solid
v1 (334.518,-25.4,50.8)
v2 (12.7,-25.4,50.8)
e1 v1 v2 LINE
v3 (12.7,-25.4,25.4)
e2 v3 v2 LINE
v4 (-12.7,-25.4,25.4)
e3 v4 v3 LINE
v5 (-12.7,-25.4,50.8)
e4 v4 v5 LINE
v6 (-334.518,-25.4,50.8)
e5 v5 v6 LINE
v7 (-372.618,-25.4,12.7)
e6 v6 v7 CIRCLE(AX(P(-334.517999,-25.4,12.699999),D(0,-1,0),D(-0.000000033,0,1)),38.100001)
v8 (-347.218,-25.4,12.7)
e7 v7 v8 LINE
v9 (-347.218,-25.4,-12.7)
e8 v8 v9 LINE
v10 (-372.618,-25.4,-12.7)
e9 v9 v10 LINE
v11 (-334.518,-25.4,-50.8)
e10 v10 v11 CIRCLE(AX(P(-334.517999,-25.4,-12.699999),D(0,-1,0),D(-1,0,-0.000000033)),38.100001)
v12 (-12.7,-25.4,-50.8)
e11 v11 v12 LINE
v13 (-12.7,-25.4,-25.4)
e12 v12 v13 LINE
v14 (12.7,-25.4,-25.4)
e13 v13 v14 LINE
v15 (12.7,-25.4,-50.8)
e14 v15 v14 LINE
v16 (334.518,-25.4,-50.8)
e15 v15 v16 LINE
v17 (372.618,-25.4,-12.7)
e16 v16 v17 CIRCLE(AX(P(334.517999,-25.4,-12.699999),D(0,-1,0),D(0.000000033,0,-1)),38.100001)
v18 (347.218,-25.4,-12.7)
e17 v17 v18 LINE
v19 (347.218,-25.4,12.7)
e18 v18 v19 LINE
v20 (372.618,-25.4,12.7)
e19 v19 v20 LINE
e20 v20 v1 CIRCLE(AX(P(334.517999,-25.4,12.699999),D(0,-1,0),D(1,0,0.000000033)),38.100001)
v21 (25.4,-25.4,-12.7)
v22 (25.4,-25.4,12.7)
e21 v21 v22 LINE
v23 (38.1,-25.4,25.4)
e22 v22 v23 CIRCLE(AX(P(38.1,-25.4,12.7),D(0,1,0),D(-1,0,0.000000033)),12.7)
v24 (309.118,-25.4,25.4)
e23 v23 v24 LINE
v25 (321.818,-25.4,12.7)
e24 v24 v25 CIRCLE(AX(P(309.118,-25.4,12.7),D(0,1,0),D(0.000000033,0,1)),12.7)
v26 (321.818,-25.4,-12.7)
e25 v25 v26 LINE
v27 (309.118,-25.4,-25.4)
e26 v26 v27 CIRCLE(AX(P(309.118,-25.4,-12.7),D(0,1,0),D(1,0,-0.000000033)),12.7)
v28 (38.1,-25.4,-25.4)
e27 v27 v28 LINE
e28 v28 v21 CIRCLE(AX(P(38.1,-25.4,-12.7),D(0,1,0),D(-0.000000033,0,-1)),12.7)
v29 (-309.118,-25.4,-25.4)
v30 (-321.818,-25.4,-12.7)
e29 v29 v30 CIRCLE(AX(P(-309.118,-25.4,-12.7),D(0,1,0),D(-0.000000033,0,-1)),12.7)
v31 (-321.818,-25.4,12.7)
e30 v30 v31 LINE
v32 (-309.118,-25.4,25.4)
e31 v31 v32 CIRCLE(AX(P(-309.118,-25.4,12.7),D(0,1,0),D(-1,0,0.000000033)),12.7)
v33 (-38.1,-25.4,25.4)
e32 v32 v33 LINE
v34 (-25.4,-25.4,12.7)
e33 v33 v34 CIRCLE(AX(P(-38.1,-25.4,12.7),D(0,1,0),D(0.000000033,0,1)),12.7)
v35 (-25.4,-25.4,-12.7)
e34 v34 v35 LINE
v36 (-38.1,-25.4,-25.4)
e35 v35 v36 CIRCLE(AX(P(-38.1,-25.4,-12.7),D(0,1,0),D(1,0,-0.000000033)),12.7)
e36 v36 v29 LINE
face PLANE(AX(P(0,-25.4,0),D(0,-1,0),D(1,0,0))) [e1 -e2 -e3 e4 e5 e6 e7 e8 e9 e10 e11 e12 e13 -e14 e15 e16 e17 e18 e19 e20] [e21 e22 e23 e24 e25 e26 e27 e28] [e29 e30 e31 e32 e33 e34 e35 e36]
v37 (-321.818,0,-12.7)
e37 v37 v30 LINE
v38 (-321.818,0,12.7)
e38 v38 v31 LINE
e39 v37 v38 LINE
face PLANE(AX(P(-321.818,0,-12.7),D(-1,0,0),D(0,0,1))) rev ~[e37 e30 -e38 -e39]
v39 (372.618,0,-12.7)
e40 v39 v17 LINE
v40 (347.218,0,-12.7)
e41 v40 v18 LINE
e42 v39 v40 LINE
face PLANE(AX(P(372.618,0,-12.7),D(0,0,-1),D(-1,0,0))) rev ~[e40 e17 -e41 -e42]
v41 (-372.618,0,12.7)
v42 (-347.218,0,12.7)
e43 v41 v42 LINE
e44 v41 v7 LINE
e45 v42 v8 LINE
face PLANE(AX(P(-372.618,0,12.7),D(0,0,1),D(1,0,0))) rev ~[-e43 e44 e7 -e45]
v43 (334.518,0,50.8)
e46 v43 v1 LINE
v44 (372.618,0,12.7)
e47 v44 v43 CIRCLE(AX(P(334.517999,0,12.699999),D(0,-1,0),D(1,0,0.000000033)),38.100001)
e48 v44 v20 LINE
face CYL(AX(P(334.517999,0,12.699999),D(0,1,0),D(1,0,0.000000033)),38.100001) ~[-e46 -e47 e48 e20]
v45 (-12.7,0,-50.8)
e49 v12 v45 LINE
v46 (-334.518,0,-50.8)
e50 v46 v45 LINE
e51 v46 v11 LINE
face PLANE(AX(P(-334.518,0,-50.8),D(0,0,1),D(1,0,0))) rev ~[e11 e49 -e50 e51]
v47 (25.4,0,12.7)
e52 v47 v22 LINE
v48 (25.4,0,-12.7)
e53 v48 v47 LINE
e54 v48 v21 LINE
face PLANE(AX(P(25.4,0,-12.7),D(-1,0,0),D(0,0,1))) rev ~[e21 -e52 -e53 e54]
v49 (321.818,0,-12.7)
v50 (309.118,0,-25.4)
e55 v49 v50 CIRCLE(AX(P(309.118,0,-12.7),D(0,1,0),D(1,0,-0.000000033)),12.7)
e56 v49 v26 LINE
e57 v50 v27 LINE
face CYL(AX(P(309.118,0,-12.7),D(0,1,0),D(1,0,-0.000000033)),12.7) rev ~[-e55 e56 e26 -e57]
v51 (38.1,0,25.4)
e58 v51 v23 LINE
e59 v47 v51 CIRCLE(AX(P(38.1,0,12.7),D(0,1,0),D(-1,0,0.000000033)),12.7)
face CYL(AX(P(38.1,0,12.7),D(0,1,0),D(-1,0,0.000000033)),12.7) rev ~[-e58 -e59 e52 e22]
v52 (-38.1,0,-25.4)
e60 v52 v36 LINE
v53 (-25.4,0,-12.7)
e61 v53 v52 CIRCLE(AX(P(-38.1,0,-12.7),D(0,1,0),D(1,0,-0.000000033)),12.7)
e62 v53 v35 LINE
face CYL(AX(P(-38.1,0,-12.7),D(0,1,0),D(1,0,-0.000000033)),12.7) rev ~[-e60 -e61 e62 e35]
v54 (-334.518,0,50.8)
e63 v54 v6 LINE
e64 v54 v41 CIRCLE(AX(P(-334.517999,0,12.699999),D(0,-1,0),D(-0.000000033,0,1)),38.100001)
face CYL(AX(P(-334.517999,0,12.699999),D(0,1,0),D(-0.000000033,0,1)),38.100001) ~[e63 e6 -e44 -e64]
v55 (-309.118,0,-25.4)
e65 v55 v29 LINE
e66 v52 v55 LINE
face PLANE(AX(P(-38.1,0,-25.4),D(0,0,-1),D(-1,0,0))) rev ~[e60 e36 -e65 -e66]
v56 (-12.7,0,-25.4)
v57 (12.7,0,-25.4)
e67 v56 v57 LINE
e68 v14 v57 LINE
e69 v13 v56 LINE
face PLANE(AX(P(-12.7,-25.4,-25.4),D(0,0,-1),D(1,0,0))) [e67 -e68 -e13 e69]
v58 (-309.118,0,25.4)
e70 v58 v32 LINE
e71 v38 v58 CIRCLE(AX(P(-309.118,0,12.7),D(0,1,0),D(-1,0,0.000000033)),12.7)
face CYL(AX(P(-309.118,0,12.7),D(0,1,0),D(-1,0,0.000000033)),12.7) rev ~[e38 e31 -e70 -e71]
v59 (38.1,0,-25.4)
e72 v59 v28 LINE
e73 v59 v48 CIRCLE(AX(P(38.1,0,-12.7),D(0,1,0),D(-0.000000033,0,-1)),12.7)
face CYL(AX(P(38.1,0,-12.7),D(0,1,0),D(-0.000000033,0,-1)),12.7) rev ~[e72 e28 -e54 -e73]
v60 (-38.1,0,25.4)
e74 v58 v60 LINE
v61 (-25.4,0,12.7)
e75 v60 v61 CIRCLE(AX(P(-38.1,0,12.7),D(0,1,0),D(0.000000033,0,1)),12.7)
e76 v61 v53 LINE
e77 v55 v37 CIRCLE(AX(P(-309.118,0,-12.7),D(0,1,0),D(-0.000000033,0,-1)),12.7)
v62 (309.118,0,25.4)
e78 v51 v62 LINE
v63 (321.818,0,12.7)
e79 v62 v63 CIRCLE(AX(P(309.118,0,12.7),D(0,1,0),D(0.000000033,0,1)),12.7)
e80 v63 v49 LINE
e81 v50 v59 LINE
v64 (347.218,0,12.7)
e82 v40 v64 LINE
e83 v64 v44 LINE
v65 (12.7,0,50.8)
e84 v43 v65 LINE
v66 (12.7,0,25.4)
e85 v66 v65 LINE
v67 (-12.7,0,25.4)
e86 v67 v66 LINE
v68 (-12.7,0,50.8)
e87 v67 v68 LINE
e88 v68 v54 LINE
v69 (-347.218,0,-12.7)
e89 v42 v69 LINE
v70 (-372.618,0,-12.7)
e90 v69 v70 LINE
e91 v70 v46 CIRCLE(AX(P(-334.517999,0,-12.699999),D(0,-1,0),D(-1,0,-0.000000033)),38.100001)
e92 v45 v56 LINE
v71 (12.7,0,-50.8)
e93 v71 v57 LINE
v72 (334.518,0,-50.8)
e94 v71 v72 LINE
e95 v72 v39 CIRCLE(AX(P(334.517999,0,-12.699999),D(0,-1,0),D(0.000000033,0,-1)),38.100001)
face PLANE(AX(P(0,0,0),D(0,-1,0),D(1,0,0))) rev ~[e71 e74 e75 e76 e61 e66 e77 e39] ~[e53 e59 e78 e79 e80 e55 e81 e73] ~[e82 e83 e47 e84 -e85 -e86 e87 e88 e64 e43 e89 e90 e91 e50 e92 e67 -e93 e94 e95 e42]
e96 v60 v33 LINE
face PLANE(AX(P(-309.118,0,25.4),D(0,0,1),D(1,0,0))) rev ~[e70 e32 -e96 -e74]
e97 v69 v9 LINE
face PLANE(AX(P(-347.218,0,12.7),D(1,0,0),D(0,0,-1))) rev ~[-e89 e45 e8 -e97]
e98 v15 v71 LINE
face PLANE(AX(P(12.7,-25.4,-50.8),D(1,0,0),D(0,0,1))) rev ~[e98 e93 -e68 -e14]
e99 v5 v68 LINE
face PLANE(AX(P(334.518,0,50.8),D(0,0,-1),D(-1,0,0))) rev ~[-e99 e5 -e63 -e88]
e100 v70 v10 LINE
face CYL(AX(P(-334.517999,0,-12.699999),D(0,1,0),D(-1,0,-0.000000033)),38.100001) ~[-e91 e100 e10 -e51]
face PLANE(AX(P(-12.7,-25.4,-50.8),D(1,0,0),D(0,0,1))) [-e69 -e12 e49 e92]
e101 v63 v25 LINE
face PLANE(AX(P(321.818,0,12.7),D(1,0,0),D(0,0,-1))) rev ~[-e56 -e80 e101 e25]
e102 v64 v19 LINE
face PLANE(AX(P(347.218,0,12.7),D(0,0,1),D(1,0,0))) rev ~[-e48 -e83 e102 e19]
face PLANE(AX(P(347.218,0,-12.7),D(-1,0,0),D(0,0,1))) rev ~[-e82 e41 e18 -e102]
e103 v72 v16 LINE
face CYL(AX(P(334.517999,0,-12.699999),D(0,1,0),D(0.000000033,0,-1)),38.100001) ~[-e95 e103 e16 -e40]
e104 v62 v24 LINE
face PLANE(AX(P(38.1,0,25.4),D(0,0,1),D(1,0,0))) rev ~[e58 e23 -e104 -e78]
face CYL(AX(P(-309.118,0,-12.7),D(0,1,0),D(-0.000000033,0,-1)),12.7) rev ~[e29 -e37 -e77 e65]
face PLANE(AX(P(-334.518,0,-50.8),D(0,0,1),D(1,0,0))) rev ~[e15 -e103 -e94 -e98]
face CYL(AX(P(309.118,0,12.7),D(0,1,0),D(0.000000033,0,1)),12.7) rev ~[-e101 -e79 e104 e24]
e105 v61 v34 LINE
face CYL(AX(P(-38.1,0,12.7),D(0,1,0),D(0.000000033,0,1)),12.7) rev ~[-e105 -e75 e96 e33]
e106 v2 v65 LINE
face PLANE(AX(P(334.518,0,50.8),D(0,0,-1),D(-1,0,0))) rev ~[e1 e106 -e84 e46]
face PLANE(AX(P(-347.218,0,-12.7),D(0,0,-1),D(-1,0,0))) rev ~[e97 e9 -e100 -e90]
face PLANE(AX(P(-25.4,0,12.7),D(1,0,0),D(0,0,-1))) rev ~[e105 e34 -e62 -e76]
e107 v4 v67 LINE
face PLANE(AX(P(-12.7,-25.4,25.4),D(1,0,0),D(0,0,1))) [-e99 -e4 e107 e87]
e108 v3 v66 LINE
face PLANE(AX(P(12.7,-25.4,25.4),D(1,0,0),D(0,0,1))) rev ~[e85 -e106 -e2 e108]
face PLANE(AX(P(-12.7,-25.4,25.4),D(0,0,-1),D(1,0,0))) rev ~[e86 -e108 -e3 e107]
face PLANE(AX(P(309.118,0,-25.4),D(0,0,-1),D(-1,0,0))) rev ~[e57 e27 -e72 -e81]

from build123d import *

# Parameters (mm, degrees)
F1_DEPTH = 25.4
F2_W     = 25.4
F2_H     = 25.4
F3_DEPTH = 25.4


with BuildPart() as f1:
    # F0 (on Front) → F1 (new body)
    with BuildSketch(Plane.XZ):
        with BuildLine():
            Line((-372.618, 12.7), (-347.218, 12.7))
            Line((-347.218, 12.7), (-347.218, -12.7))
            Line((-347.218, -12.7), (-372.618, -12.7))
            ThreePointArc((-372.618, -12.7), (-361.458768, -39.640768), (-334.518, -50.8))
            Line((-334.518, -50.8), (0, -50.8))
            Line((0, -50.8), (334.518, -50.8))
            ThreePointArc((334.518, -50.8), (361.458768, -39.640768), (372.618, -12.7))
            Line((372.618, -12.7), (347.218, -12.7))
            Line((347.218, -12.7), (347.218, 12.7))
            Line((347.218, 12.7), (372.618, 12.7))
            ThreePointArc((372.618, 12.7), (361.458768, 39.640768), (334.518, 50.8))
            Line((334.518, 50.8), (0, 50.8))
            Line((0, 50.8), (-334.518, 50.8))
            ThreePointArc((-334.518, 50.8), (-361.458768, 39.640768), (-372.618, 12.7))
        make_face()
        with BuildLine():
            Line((-38.1, -25.4), (-309.118, -25.4))
            ThreePointArc((-309.118, -25.4), (-318.098256, -21.680256), (-321.818, -12.7))
            Line((-321.818, -12.7), (-321.818, 12.7))
            ThreePointArc((-321.818, 12.7), (-318.098256, 21.680256), (-309.118, 25.4))
            Line((-309.118, 25.4), (-38.1, 25.4))
            ThreePointArc((-38.1, 25.4), (-29.119744, 21.680256), (-25.4, 12.7))
            Line((-25.4, 12.7), (-25.4, -12.7))
            ThreePointArc((-25.4, -12.7), (-29.119744, -21.680256), (-38.1, -25.4))
        make_face(mode=Mode.SUBTRACT)
        with BuildLine():
            Line((321.818, 12.7), (321.818, -12.7))
            ThreePointArc((321.818, -12.7), (318.098256, -21.680256), (309.118, -25.4))
            Line((309.118, -25.4), (38.1, -25.4))
            ThreePointArc((38.1, -25.4), (29.119744, -21.680256), (25.4, -12.7))
            Line((25.4, -12.7), (25.4, 12.7))
            ThreePointArc((25.4, 12.7), (29.119744, 21.680256), (38.1, 25.4))
            Line((38.1, 25.4), (309.118, 25.4))
            ThreePointArc((309.118, 25.4), (318.098256, 21.680256), (321.818, 12.7))
        make_face(mode=Mode.SUBTRACT)
    extrude(amount=F1_DEPTH)

    # F2 (on face) → F3 (cut)
    with BuildSketch(Plane.XZ.offset(25.4)):
        with Locations((0, 38.1)):
            Rectangle(F2_W, F2_H)
        with Locations((0, -38.1)):
            Rectangle(F2_W, F2_H)
    extrude(amount=-F3_DEPTH, mode=Mode.SUBTRACT)


solid = f1.part
